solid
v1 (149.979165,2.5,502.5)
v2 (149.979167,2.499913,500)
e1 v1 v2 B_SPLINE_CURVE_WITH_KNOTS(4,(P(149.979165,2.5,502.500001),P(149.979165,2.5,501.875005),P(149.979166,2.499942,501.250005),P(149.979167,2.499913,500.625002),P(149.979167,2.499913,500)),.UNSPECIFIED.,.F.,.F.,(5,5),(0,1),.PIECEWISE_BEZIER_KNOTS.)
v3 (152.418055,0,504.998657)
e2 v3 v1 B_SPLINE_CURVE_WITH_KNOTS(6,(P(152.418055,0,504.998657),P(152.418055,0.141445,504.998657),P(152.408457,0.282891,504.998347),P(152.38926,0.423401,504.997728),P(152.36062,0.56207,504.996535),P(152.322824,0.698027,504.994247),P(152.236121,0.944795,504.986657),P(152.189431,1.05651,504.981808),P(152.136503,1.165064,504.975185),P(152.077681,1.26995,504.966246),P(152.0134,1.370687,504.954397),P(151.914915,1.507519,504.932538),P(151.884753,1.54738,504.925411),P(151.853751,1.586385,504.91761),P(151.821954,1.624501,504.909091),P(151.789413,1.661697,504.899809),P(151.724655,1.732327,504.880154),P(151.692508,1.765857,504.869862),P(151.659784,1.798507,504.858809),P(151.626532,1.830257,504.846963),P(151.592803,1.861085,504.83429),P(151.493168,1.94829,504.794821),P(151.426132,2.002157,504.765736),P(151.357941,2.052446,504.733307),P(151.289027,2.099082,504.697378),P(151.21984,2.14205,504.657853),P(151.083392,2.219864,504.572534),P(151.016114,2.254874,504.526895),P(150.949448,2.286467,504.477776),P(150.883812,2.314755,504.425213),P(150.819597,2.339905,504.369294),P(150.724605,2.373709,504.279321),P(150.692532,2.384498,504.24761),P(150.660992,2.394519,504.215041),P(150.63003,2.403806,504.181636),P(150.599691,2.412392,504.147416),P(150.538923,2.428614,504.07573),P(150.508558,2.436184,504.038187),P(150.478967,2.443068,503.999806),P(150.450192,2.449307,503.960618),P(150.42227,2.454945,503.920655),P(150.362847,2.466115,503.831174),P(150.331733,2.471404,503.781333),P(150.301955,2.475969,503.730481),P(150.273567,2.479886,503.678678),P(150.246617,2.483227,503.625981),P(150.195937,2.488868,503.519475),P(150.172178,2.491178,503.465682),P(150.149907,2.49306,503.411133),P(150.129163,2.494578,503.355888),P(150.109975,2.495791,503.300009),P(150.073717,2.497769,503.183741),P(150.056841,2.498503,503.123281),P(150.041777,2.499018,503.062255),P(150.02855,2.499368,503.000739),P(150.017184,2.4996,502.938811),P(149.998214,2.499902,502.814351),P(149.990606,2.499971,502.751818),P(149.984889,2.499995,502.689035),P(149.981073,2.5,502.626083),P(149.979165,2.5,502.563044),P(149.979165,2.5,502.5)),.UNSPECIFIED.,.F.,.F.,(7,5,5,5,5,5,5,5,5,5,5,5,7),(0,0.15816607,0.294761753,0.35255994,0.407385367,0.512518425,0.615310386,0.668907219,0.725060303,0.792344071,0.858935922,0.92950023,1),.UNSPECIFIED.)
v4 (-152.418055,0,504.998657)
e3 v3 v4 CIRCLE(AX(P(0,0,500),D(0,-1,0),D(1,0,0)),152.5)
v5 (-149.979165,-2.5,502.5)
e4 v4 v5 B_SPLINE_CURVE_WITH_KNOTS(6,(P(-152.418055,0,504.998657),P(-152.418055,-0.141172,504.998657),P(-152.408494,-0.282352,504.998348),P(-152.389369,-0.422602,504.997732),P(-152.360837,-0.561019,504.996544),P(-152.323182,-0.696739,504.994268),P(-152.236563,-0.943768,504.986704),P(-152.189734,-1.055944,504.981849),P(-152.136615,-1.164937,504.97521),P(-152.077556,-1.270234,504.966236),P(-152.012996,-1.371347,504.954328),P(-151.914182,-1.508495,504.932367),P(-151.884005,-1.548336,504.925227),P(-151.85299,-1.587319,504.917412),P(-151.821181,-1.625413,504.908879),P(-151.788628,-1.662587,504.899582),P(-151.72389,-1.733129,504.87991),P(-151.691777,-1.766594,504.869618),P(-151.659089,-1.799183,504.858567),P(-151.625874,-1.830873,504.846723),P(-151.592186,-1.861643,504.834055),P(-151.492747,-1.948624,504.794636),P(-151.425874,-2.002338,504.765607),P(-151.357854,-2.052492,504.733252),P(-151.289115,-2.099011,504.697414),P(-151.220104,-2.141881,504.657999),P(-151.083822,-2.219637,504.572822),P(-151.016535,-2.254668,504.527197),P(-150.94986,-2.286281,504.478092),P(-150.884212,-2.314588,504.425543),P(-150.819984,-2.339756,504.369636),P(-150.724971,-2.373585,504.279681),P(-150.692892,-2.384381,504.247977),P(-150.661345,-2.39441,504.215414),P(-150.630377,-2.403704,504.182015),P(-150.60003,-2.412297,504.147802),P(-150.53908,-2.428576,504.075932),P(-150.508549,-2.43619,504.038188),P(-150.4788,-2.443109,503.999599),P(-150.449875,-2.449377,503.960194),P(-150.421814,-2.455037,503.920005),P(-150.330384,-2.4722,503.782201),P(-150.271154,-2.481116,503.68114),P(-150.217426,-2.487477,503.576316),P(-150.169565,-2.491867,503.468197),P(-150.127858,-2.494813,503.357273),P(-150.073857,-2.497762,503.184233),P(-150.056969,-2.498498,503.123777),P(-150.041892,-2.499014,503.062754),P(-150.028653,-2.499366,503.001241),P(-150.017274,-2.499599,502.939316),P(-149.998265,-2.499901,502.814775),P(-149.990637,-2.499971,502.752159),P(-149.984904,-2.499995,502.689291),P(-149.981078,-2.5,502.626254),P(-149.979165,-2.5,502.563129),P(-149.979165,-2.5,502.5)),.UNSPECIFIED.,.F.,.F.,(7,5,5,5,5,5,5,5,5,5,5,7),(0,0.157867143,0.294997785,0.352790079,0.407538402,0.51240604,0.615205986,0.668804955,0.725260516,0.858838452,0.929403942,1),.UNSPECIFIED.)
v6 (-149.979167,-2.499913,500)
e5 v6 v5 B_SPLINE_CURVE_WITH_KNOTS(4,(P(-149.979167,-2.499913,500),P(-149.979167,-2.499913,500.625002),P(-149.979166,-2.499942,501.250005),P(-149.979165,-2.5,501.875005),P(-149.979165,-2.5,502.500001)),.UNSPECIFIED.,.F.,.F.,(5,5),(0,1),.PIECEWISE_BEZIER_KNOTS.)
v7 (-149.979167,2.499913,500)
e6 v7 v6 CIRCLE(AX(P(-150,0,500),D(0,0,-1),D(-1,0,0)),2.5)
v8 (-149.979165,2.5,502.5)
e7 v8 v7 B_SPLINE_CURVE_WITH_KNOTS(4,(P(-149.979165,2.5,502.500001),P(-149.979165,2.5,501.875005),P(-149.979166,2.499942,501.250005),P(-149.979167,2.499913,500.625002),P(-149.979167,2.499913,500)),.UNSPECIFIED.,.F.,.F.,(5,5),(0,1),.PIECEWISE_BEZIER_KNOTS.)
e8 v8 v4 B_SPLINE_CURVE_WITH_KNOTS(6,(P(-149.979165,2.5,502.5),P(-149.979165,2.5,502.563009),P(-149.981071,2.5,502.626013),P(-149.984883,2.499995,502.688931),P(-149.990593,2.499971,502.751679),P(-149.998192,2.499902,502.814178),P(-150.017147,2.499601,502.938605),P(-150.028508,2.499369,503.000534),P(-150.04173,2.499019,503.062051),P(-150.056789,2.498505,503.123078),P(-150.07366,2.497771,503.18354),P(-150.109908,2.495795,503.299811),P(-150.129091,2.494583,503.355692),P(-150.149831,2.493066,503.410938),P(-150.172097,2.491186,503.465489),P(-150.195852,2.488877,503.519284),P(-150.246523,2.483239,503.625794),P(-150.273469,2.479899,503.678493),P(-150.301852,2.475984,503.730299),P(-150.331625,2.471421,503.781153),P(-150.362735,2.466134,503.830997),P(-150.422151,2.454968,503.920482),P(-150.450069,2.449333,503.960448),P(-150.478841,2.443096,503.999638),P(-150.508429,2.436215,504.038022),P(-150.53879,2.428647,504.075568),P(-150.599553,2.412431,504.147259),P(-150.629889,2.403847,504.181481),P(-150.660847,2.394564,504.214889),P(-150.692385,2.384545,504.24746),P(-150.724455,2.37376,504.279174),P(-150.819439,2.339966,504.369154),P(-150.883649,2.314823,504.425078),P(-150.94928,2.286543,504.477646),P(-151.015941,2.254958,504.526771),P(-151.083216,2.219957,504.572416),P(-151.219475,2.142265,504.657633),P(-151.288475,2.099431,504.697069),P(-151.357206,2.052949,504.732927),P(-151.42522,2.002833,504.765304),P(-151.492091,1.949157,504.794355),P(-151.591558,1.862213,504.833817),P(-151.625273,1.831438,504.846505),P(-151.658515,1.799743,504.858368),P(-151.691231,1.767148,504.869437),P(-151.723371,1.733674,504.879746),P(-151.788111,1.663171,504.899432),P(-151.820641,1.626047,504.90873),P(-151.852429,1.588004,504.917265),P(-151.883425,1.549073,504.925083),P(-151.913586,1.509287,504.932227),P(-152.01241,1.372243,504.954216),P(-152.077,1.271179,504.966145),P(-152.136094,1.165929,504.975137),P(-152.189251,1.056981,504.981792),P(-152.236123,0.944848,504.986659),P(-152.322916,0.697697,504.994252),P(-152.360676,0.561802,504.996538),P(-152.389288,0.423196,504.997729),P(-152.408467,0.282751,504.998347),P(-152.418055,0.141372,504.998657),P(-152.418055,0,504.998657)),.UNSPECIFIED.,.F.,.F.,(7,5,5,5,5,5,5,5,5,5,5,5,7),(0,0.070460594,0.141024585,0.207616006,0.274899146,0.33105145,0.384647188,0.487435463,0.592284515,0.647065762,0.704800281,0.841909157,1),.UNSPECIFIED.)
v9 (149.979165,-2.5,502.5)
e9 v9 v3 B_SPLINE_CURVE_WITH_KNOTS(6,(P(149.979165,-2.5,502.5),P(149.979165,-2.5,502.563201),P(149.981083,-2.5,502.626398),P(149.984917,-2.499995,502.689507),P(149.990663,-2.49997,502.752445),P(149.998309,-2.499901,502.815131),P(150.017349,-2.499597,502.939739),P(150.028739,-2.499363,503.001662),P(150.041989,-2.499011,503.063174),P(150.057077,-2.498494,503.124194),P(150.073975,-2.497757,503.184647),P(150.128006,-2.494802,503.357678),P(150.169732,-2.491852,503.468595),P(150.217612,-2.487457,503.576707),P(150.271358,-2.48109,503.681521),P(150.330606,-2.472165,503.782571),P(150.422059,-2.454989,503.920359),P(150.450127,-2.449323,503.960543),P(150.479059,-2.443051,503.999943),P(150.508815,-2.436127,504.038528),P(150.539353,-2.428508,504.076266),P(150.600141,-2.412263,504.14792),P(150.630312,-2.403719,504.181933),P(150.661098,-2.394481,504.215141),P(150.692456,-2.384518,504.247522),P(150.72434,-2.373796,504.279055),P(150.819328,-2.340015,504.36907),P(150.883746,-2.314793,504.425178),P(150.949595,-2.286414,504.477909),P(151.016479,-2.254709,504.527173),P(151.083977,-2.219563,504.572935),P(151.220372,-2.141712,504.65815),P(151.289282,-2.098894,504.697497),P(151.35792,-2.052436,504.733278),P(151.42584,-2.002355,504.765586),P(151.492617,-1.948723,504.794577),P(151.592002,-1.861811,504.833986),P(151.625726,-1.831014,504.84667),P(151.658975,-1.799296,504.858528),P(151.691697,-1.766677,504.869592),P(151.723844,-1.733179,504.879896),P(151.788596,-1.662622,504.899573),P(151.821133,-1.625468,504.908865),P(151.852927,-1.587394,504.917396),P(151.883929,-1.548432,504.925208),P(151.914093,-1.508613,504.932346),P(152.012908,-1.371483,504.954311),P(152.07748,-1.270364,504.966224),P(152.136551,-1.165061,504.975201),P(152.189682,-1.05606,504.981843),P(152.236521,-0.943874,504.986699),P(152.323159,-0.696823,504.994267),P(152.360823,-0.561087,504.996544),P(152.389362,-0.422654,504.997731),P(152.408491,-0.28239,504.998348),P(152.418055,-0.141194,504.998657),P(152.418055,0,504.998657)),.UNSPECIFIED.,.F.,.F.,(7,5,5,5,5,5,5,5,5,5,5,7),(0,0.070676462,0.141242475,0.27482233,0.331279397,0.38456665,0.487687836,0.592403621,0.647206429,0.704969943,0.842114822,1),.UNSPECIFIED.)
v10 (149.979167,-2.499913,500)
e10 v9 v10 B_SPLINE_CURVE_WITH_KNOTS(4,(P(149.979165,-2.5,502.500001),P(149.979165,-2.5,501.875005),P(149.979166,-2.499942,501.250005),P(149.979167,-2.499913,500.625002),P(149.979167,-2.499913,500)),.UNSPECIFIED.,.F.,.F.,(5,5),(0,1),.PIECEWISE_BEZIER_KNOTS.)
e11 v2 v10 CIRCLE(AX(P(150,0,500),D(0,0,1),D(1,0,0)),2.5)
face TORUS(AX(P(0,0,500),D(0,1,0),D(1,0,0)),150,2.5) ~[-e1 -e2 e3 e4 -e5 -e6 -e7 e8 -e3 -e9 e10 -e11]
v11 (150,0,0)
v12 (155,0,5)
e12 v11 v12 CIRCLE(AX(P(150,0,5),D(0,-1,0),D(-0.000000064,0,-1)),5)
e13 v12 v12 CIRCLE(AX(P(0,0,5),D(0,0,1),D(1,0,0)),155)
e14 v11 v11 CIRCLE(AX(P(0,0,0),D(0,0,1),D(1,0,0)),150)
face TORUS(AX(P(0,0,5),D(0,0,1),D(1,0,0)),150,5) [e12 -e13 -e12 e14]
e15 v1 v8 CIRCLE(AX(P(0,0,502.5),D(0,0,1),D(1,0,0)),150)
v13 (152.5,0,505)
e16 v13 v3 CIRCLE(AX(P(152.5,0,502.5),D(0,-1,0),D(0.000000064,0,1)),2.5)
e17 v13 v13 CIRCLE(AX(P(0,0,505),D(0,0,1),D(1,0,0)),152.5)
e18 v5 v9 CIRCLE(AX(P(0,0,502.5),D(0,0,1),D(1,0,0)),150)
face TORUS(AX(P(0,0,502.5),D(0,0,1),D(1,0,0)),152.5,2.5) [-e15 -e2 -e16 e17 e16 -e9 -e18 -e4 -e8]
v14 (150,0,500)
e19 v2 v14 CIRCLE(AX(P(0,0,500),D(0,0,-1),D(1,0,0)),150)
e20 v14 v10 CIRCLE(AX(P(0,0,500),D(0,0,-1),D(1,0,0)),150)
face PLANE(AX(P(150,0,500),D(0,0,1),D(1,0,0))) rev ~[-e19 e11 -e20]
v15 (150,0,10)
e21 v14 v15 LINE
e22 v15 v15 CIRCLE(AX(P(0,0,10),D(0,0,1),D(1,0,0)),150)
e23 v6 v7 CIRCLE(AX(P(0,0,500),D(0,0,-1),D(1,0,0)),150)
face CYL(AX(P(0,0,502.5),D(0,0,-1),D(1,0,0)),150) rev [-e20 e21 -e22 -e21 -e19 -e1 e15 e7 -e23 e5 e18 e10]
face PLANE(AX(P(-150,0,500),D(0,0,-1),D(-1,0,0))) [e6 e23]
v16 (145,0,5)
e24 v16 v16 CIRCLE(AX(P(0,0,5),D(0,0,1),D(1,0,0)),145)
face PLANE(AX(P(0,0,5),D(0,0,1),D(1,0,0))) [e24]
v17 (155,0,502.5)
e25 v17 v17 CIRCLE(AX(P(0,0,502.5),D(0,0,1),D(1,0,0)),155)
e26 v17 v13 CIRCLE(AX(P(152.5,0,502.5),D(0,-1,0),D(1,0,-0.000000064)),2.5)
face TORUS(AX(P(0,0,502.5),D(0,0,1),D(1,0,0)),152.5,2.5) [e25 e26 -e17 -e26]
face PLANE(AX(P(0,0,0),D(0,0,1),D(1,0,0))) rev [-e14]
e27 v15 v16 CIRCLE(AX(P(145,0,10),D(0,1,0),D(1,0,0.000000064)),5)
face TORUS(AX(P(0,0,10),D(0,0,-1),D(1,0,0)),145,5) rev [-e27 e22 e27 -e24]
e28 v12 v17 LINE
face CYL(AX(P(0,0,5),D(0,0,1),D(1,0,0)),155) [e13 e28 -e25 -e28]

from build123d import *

# Parameters (mm, degrees)
F5_R     = 2.5
F6_ANGLE = -180


with BuildPart() as f1:
    # F0 (on Front) → F1 (revolve)
    with BuildSketch(Plane.XZ):
        with BuildLine():
            Line((0, 5), (0, 0))
            Line((0, 0), (150, 0))
            ThreePointArc((150, 0), (153.535534, 1.464466), (155, 5))
            Line((155, 5), (155, 502.5))
            ThreePointArc((155, 502.5), (154.267767, 504.267767), (152.5, 505))
            ThreePointArc((152.5, 505), (150.732233, 504.267767), (150, 502.5))
            Line((150, 502.5), (150, 10))
            ThreePointArc((150, 10), (148.535534, 6.464466), (145, 5))
            Line((145, 5), (0, 5))
        make_face()
    revolve(axis=Axis((0, 0, 2.5), (0, 0, 1)))

    # F5 (on offset) → F6 (revolve)
    with BuildSketch(Plane.XY.offset(500)):
        with Locations((150, 0)):
            Circle(F5_R)
    revolve(axis=Axis((0, 31.529061, 500), (0, 1, 0)), revolution_arc=F6_ANGLE)


solid = f1.part
